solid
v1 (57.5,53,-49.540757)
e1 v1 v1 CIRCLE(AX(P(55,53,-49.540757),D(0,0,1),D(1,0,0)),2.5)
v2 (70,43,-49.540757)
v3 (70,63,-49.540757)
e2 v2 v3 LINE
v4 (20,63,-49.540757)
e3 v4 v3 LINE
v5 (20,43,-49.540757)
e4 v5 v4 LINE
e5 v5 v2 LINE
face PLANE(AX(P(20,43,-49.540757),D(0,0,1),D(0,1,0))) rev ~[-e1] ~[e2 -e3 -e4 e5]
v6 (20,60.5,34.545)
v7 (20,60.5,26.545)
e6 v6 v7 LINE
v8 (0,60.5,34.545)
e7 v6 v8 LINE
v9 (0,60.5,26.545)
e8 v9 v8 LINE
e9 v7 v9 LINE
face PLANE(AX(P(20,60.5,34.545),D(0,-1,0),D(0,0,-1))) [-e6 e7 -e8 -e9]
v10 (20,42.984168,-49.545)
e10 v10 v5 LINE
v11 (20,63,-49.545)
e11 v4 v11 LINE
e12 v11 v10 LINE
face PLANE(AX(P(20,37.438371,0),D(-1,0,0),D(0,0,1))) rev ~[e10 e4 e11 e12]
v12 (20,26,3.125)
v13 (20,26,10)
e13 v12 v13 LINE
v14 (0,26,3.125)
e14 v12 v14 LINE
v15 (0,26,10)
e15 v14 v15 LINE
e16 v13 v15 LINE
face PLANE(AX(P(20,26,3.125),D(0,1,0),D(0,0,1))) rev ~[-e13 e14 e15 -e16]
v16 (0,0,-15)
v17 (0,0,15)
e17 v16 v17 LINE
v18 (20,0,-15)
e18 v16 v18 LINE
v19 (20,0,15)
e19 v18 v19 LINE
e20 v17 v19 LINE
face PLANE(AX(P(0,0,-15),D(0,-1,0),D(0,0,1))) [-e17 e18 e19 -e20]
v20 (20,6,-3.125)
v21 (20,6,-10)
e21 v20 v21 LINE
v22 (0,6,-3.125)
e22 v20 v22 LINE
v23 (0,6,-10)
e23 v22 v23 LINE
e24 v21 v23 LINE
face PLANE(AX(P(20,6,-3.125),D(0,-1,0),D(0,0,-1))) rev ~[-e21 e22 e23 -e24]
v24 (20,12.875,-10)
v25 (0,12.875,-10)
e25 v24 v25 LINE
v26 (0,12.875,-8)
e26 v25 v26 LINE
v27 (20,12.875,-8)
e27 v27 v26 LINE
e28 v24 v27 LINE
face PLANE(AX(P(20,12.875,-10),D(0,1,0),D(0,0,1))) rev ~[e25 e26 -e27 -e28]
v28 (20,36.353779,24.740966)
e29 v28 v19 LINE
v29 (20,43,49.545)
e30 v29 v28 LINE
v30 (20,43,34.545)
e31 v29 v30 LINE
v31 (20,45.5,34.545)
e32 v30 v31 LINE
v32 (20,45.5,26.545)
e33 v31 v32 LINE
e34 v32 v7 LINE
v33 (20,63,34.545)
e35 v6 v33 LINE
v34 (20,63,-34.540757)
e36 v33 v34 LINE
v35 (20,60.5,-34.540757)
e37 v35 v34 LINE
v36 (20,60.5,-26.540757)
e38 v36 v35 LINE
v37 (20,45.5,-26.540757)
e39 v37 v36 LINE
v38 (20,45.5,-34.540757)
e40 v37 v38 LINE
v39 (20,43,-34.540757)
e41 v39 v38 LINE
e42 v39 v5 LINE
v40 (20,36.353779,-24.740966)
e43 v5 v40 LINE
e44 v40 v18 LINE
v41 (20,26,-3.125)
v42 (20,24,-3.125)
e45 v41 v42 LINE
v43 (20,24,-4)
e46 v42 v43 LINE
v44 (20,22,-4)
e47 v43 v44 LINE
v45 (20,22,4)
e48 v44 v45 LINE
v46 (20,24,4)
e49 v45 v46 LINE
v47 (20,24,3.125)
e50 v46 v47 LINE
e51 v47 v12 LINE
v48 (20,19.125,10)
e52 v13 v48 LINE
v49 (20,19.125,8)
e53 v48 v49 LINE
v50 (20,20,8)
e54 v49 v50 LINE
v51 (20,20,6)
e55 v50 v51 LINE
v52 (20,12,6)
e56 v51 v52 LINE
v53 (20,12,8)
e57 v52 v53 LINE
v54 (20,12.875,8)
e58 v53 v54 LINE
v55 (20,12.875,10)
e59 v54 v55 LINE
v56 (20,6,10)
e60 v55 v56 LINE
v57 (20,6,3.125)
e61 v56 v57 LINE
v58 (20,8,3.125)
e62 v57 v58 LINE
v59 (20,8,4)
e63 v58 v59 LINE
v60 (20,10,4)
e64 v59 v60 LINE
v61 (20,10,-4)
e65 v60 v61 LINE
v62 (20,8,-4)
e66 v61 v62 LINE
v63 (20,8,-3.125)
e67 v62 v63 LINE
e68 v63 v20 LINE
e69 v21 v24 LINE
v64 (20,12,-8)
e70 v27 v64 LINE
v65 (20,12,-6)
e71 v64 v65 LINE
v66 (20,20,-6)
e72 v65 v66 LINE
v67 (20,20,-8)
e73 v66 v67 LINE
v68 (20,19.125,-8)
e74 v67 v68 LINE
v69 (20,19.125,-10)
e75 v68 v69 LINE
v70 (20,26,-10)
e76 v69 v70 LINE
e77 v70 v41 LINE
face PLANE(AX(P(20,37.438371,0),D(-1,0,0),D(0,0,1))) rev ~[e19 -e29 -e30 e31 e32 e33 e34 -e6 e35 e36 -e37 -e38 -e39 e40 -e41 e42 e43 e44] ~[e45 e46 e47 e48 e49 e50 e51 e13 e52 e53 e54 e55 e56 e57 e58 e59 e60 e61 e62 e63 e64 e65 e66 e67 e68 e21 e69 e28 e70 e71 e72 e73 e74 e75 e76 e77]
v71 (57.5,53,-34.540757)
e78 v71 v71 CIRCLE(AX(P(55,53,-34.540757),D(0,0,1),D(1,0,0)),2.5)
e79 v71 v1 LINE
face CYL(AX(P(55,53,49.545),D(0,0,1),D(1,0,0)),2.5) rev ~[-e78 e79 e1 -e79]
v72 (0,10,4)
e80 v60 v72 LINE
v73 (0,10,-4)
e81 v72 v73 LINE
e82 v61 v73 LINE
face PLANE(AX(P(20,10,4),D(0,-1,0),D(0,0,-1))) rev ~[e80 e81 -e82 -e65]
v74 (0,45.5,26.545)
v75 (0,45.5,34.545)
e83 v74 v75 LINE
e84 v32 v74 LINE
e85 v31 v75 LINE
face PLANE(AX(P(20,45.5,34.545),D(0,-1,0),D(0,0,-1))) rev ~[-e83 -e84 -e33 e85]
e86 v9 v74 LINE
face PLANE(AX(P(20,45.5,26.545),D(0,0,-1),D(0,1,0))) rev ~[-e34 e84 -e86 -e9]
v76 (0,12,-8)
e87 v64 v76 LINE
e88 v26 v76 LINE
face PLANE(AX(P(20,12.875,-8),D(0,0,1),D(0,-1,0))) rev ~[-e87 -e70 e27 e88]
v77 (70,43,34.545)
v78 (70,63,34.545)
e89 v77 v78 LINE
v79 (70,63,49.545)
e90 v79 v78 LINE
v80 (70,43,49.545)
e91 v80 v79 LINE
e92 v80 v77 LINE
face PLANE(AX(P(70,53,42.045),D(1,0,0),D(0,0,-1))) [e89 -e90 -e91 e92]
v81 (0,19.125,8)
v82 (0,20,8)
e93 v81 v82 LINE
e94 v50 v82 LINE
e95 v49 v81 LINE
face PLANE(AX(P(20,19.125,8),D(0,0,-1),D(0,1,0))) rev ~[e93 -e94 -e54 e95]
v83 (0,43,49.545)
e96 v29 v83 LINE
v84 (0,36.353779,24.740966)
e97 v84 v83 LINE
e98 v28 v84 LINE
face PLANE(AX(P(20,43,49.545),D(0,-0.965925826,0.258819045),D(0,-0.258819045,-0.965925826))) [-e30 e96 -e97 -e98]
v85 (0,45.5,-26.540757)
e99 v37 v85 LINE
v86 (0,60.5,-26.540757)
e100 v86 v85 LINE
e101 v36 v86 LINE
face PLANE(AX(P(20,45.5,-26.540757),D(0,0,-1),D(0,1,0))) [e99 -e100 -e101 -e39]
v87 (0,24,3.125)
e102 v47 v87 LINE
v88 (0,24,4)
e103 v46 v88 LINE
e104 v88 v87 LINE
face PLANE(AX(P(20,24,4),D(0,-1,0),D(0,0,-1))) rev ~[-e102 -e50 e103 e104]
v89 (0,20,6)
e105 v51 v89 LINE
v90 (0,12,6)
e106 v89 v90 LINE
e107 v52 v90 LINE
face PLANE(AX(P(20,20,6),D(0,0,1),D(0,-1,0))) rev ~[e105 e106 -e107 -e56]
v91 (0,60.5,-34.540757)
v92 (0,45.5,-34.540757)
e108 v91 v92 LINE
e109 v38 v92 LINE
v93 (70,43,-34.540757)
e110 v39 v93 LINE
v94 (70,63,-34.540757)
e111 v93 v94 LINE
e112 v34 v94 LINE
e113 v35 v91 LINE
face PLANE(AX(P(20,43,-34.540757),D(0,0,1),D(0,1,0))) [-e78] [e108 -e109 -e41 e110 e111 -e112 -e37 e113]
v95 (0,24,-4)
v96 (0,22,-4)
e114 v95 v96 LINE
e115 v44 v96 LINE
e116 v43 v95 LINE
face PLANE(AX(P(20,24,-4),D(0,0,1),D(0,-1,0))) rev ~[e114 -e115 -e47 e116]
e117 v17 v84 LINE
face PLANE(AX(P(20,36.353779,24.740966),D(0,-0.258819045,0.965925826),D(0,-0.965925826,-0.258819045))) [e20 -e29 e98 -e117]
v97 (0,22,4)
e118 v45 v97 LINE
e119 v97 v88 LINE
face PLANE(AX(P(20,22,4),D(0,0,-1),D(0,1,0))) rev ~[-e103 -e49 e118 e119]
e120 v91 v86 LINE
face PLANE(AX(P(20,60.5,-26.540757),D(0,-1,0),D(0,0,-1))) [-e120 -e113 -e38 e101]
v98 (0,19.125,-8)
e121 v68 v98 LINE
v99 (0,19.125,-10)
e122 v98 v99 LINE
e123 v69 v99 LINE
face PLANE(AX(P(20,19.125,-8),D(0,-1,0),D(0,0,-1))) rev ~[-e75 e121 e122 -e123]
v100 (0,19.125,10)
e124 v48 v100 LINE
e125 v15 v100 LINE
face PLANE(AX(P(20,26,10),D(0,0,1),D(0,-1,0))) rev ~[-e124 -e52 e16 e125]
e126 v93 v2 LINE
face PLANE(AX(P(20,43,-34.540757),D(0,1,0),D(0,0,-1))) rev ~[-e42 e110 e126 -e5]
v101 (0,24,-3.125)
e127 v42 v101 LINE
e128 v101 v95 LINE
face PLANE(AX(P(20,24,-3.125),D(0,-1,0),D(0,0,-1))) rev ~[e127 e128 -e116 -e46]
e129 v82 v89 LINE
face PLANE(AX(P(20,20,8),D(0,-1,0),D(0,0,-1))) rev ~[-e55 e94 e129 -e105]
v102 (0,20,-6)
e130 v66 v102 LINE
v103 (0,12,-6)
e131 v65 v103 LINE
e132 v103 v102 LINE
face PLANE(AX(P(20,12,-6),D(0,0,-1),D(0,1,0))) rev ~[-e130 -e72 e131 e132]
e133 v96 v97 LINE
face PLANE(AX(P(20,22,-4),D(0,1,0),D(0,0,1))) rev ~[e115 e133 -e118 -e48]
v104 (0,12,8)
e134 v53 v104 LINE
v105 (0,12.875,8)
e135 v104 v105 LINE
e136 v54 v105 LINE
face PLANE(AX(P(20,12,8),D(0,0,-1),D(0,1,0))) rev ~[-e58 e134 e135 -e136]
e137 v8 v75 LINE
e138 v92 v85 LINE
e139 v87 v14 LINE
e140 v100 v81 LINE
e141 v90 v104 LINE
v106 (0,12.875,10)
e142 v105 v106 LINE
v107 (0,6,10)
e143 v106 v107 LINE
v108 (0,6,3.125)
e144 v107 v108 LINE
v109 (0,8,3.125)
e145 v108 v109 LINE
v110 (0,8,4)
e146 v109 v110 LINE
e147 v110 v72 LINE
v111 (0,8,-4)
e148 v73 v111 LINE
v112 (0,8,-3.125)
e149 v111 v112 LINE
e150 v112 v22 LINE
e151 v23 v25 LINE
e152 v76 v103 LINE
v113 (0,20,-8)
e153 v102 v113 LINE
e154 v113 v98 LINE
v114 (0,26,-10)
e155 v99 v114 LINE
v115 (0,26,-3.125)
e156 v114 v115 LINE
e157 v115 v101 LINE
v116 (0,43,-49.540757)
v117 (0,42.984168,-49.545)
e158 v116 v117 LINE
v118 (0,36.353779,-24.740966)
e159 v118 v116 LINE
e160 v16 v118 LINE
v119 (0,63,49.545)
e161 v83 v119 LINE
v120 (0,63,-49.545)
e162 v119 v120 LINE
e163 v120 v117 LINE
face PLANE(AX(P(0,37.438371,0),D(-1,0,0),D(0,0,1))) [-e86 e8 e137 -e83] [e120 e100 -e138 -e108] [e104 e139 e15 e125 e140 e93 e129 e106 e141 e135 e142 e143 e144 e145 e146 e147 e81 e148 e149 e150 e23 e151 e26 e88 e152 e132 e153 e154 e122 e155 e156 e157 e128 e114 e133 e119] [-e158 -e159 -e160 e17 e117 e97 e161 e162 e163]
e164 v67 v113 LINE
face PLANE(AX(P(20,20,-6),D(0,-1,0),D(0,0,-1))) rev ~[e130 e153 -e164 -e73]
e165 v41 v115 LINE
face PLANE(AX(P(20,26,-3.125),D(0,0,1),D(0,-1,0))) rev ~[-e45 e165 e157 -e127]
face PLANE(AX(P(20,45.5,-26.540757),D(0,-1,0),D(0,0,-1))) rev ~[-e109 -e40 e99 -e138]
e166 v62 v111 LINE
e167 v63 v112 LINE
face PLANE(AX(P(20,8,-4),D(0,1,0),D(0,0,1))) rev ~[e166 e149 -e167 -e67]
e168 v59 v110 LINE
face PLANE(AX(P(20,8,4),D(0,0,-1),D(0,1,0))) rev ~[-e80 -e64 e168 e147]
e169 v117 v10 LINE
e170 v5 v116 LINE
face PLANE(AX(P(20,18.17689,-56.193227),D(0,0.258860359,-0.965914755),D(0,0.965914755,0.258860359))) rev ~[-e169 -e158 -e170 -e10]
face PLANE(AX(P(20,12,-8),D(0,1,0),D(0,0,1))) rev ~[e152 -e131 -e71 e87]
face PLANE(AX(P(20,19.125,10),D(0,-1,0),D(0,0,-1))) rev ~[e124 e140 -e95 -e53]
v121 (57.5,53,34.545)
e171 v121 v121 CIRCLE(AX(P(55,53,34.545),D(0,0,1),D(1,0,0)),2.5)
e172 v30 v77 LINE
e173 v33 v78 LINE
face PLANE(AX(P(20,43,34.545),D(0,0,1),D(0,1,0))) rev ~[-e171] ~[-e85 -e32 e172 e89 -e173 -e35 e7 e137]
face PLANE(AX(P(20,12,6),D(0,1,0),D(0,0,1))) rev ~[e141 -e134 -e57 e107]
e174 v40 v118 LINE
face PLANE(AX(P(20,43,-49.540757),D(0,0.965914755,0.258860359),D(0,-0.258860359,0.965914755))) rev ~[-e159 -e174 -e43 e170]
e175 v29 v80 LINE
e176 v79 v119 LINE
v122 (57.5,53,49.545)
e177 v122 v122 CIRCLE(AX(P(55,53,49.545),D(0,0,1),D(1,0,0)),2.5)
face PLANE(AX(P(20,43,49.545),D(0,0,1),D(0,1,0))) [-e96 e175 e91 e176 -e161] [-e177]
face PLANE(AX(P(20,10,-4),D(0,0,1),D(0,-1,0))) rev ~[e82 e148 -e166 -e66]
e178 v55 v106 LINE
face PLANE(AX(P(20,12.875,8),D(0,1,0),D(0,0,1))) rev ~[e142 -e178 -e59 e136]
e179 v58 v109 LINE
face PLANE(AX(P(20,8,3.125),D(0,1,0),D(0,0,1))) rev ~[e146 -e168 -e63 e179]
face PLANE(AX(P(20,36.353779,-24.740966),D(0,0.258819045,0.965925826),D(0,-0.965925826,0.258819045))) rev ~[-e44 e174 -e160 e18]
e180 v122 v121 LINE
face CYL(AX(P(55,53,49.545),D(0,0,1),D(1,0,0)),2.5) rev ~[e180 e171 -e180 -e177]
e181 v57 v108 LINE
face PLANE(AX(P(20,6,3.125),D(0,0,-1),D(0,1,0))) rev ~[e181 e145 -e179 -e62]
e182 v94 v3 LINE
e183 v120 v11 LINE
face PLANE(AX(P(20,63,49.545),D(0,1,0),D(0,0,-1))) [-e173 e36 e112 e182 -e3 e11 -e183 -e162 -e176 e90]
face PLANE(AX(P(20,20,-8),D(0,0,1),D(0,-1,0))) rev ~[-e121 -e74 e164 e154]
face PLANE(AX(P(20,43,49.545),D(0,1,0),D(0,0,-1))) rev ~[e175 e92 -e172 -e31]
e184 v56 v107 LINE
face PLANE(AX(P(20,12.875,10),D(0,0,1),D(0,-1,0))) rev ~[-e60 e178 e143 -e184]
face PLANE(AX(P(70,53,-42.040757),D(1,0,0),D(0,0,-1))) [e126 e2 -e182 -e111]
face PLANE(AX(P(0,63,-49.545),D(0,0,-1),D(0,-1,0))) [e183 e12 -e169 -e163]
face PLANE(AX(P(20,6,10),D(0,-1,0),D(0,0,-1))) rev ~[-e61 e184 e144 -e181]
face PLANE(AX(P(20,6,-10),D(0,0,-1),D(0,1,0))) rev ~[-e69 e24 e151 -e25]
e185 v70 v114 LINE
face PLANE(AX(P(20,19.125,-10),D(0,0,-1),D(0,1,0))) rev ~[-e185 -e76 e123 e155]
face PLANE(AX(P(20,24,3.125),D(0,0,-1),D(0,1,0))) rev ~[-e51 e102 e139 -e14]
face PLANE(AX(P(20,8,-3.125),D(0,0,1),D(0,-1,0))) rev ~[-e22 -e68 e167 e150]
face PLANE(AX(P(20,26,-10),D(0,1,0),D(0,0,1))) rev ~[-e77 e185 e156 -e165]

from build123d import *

# Parameters (mm, degrees)
BOSS_EXTRUDE1_DEPTH = 20
CUT_EXTRUDE1_DEPTH  = 20
SKETCH4_W           = 15
SKETCH4_H           = 20
BOSS_EXTRUDE2_DEPTH = 50
SKETCH5_R           = 2.5
CUT_EXTRUDE2_DEPTH  = 137.703431193
SKETCH6_W           = 8
SKETCH6_H           = 15
CUT_EXTRUDE3_DEPTH  = 95.465374741
CUT_EXTRUDE4_DEPTH  = 95.465374741


with BuildPart() as part:
    # Sketch1 → Boss-Extrude1 (new body)
    with BuildSketch(Plane(origin=(0, 0, 0), x_dir=(0, 0, -1), z_dir=(1, 0, 0))):
        Polygon((15, 0), (-15, 0), (-49.545, 31.5), (-49.545, 63), (49.545, 63), (49.545, 31.5), align=None)
    extrude(amount=BOSS_EXTRUDE1_DEPTH)

    # Sketch3 → Cut-Extrude1 (cut)
    with BuildSketch(Plane(origin=(20, 0, 0), x_dir=(0, 0, -1), z_dir=(1, 0, 0))):
        Polygon((-10, 12.875), (-10, 6), (-3.125, 6), (-3.125, 8), (-4, 8), (-4, 10), (4, 10), (4, 8), (3.125, 8), (3.125, 6), (10, 6), (10, 12.875), (8, 12.875), (8, 12), (6, 12), (6, 20), (8, 20), (8, 19.125), (10, 19.125), (10, 26), (3.125, 26), (3.125, 24), (4, 24), (4, 22), (-4, 22), (-4, 24), (-3.125, 24), (-3.125, 26), (-10, 26), (-10, 19.125), (-8, 19.125), (-8, 20), (-6, 20), (-6, 12), (-8, 12), (-8, 12.875), align=None)
    extrude(amount=-CUT_EXTRUDE1_DEPTH, mode=Mode.SUBTRACT)

    # Sketch4 → Boss-Extrude2 (add)
    with BuildSketch(Plane(origin=(20, 0, 0), x_dir=(0, 0, -1), z_dir=(1, 0, 0))):
        with Locations((-42.045, 53)):
            Rectangle(SKETCH4_W, SKETCH4_H)
        with Locations((42.040757, 53)):
            Rectangle(SKETCH4_W, SKETCH4_H)
    extrude(amount=BOSS_EXTRUDE2_DEPTH)

    # Sketch5 → Cut-Extrude2 (cut, through all)
    with BuildSketch(Plane.XY.offset(49.545)):
        with Locations((55, 53)):
            Circle(SKETCH5_R)
    extrude(amount=-CUT_EXTRUDE2_DEPTH, mode=Mode.SUBTRACT)

    # Sketch6 → Cut-Extrude3 (cut, through all)
    with BuildSketch(Plane(origin=(20, 0, 0), x_dir=(0, 0, -1), z_dir=(1, 0, 0))):
        with Locations((-30.545, 53)):
            Rectangle(SKETCH6_W, SKETCH6_H)
        with Locations((30.540757, 53)):
            Rectangle(SKETCH6_W, SKETCH6_H)
    extrude(amount=-CUT_EXTRUDE3_DEPTH, mode=Mode.SUBTRACT)

    # Sketch7 → Cut-Extrude4 (cut, through all)
    with BuildSketch(Plane(origin=(20, 0, 0), x_dir=(0, 0, -1), z_dir=(1, 0, 0))):
        Polygon((-49.545, 43), (-24.740965738, 36.353779051), (-15, 0), (-52.774772494, 23.355056254), align=None)
        Polygon((49.540757, 43), (24.740965738, 36.353779051), (15, 0), (56.193227383, 18.176889525), align=None)
    extrude(amount=-CUT_EXTRUDE4_DEPTH, mode=Mode.SUBTRACT)


solid = part.part
